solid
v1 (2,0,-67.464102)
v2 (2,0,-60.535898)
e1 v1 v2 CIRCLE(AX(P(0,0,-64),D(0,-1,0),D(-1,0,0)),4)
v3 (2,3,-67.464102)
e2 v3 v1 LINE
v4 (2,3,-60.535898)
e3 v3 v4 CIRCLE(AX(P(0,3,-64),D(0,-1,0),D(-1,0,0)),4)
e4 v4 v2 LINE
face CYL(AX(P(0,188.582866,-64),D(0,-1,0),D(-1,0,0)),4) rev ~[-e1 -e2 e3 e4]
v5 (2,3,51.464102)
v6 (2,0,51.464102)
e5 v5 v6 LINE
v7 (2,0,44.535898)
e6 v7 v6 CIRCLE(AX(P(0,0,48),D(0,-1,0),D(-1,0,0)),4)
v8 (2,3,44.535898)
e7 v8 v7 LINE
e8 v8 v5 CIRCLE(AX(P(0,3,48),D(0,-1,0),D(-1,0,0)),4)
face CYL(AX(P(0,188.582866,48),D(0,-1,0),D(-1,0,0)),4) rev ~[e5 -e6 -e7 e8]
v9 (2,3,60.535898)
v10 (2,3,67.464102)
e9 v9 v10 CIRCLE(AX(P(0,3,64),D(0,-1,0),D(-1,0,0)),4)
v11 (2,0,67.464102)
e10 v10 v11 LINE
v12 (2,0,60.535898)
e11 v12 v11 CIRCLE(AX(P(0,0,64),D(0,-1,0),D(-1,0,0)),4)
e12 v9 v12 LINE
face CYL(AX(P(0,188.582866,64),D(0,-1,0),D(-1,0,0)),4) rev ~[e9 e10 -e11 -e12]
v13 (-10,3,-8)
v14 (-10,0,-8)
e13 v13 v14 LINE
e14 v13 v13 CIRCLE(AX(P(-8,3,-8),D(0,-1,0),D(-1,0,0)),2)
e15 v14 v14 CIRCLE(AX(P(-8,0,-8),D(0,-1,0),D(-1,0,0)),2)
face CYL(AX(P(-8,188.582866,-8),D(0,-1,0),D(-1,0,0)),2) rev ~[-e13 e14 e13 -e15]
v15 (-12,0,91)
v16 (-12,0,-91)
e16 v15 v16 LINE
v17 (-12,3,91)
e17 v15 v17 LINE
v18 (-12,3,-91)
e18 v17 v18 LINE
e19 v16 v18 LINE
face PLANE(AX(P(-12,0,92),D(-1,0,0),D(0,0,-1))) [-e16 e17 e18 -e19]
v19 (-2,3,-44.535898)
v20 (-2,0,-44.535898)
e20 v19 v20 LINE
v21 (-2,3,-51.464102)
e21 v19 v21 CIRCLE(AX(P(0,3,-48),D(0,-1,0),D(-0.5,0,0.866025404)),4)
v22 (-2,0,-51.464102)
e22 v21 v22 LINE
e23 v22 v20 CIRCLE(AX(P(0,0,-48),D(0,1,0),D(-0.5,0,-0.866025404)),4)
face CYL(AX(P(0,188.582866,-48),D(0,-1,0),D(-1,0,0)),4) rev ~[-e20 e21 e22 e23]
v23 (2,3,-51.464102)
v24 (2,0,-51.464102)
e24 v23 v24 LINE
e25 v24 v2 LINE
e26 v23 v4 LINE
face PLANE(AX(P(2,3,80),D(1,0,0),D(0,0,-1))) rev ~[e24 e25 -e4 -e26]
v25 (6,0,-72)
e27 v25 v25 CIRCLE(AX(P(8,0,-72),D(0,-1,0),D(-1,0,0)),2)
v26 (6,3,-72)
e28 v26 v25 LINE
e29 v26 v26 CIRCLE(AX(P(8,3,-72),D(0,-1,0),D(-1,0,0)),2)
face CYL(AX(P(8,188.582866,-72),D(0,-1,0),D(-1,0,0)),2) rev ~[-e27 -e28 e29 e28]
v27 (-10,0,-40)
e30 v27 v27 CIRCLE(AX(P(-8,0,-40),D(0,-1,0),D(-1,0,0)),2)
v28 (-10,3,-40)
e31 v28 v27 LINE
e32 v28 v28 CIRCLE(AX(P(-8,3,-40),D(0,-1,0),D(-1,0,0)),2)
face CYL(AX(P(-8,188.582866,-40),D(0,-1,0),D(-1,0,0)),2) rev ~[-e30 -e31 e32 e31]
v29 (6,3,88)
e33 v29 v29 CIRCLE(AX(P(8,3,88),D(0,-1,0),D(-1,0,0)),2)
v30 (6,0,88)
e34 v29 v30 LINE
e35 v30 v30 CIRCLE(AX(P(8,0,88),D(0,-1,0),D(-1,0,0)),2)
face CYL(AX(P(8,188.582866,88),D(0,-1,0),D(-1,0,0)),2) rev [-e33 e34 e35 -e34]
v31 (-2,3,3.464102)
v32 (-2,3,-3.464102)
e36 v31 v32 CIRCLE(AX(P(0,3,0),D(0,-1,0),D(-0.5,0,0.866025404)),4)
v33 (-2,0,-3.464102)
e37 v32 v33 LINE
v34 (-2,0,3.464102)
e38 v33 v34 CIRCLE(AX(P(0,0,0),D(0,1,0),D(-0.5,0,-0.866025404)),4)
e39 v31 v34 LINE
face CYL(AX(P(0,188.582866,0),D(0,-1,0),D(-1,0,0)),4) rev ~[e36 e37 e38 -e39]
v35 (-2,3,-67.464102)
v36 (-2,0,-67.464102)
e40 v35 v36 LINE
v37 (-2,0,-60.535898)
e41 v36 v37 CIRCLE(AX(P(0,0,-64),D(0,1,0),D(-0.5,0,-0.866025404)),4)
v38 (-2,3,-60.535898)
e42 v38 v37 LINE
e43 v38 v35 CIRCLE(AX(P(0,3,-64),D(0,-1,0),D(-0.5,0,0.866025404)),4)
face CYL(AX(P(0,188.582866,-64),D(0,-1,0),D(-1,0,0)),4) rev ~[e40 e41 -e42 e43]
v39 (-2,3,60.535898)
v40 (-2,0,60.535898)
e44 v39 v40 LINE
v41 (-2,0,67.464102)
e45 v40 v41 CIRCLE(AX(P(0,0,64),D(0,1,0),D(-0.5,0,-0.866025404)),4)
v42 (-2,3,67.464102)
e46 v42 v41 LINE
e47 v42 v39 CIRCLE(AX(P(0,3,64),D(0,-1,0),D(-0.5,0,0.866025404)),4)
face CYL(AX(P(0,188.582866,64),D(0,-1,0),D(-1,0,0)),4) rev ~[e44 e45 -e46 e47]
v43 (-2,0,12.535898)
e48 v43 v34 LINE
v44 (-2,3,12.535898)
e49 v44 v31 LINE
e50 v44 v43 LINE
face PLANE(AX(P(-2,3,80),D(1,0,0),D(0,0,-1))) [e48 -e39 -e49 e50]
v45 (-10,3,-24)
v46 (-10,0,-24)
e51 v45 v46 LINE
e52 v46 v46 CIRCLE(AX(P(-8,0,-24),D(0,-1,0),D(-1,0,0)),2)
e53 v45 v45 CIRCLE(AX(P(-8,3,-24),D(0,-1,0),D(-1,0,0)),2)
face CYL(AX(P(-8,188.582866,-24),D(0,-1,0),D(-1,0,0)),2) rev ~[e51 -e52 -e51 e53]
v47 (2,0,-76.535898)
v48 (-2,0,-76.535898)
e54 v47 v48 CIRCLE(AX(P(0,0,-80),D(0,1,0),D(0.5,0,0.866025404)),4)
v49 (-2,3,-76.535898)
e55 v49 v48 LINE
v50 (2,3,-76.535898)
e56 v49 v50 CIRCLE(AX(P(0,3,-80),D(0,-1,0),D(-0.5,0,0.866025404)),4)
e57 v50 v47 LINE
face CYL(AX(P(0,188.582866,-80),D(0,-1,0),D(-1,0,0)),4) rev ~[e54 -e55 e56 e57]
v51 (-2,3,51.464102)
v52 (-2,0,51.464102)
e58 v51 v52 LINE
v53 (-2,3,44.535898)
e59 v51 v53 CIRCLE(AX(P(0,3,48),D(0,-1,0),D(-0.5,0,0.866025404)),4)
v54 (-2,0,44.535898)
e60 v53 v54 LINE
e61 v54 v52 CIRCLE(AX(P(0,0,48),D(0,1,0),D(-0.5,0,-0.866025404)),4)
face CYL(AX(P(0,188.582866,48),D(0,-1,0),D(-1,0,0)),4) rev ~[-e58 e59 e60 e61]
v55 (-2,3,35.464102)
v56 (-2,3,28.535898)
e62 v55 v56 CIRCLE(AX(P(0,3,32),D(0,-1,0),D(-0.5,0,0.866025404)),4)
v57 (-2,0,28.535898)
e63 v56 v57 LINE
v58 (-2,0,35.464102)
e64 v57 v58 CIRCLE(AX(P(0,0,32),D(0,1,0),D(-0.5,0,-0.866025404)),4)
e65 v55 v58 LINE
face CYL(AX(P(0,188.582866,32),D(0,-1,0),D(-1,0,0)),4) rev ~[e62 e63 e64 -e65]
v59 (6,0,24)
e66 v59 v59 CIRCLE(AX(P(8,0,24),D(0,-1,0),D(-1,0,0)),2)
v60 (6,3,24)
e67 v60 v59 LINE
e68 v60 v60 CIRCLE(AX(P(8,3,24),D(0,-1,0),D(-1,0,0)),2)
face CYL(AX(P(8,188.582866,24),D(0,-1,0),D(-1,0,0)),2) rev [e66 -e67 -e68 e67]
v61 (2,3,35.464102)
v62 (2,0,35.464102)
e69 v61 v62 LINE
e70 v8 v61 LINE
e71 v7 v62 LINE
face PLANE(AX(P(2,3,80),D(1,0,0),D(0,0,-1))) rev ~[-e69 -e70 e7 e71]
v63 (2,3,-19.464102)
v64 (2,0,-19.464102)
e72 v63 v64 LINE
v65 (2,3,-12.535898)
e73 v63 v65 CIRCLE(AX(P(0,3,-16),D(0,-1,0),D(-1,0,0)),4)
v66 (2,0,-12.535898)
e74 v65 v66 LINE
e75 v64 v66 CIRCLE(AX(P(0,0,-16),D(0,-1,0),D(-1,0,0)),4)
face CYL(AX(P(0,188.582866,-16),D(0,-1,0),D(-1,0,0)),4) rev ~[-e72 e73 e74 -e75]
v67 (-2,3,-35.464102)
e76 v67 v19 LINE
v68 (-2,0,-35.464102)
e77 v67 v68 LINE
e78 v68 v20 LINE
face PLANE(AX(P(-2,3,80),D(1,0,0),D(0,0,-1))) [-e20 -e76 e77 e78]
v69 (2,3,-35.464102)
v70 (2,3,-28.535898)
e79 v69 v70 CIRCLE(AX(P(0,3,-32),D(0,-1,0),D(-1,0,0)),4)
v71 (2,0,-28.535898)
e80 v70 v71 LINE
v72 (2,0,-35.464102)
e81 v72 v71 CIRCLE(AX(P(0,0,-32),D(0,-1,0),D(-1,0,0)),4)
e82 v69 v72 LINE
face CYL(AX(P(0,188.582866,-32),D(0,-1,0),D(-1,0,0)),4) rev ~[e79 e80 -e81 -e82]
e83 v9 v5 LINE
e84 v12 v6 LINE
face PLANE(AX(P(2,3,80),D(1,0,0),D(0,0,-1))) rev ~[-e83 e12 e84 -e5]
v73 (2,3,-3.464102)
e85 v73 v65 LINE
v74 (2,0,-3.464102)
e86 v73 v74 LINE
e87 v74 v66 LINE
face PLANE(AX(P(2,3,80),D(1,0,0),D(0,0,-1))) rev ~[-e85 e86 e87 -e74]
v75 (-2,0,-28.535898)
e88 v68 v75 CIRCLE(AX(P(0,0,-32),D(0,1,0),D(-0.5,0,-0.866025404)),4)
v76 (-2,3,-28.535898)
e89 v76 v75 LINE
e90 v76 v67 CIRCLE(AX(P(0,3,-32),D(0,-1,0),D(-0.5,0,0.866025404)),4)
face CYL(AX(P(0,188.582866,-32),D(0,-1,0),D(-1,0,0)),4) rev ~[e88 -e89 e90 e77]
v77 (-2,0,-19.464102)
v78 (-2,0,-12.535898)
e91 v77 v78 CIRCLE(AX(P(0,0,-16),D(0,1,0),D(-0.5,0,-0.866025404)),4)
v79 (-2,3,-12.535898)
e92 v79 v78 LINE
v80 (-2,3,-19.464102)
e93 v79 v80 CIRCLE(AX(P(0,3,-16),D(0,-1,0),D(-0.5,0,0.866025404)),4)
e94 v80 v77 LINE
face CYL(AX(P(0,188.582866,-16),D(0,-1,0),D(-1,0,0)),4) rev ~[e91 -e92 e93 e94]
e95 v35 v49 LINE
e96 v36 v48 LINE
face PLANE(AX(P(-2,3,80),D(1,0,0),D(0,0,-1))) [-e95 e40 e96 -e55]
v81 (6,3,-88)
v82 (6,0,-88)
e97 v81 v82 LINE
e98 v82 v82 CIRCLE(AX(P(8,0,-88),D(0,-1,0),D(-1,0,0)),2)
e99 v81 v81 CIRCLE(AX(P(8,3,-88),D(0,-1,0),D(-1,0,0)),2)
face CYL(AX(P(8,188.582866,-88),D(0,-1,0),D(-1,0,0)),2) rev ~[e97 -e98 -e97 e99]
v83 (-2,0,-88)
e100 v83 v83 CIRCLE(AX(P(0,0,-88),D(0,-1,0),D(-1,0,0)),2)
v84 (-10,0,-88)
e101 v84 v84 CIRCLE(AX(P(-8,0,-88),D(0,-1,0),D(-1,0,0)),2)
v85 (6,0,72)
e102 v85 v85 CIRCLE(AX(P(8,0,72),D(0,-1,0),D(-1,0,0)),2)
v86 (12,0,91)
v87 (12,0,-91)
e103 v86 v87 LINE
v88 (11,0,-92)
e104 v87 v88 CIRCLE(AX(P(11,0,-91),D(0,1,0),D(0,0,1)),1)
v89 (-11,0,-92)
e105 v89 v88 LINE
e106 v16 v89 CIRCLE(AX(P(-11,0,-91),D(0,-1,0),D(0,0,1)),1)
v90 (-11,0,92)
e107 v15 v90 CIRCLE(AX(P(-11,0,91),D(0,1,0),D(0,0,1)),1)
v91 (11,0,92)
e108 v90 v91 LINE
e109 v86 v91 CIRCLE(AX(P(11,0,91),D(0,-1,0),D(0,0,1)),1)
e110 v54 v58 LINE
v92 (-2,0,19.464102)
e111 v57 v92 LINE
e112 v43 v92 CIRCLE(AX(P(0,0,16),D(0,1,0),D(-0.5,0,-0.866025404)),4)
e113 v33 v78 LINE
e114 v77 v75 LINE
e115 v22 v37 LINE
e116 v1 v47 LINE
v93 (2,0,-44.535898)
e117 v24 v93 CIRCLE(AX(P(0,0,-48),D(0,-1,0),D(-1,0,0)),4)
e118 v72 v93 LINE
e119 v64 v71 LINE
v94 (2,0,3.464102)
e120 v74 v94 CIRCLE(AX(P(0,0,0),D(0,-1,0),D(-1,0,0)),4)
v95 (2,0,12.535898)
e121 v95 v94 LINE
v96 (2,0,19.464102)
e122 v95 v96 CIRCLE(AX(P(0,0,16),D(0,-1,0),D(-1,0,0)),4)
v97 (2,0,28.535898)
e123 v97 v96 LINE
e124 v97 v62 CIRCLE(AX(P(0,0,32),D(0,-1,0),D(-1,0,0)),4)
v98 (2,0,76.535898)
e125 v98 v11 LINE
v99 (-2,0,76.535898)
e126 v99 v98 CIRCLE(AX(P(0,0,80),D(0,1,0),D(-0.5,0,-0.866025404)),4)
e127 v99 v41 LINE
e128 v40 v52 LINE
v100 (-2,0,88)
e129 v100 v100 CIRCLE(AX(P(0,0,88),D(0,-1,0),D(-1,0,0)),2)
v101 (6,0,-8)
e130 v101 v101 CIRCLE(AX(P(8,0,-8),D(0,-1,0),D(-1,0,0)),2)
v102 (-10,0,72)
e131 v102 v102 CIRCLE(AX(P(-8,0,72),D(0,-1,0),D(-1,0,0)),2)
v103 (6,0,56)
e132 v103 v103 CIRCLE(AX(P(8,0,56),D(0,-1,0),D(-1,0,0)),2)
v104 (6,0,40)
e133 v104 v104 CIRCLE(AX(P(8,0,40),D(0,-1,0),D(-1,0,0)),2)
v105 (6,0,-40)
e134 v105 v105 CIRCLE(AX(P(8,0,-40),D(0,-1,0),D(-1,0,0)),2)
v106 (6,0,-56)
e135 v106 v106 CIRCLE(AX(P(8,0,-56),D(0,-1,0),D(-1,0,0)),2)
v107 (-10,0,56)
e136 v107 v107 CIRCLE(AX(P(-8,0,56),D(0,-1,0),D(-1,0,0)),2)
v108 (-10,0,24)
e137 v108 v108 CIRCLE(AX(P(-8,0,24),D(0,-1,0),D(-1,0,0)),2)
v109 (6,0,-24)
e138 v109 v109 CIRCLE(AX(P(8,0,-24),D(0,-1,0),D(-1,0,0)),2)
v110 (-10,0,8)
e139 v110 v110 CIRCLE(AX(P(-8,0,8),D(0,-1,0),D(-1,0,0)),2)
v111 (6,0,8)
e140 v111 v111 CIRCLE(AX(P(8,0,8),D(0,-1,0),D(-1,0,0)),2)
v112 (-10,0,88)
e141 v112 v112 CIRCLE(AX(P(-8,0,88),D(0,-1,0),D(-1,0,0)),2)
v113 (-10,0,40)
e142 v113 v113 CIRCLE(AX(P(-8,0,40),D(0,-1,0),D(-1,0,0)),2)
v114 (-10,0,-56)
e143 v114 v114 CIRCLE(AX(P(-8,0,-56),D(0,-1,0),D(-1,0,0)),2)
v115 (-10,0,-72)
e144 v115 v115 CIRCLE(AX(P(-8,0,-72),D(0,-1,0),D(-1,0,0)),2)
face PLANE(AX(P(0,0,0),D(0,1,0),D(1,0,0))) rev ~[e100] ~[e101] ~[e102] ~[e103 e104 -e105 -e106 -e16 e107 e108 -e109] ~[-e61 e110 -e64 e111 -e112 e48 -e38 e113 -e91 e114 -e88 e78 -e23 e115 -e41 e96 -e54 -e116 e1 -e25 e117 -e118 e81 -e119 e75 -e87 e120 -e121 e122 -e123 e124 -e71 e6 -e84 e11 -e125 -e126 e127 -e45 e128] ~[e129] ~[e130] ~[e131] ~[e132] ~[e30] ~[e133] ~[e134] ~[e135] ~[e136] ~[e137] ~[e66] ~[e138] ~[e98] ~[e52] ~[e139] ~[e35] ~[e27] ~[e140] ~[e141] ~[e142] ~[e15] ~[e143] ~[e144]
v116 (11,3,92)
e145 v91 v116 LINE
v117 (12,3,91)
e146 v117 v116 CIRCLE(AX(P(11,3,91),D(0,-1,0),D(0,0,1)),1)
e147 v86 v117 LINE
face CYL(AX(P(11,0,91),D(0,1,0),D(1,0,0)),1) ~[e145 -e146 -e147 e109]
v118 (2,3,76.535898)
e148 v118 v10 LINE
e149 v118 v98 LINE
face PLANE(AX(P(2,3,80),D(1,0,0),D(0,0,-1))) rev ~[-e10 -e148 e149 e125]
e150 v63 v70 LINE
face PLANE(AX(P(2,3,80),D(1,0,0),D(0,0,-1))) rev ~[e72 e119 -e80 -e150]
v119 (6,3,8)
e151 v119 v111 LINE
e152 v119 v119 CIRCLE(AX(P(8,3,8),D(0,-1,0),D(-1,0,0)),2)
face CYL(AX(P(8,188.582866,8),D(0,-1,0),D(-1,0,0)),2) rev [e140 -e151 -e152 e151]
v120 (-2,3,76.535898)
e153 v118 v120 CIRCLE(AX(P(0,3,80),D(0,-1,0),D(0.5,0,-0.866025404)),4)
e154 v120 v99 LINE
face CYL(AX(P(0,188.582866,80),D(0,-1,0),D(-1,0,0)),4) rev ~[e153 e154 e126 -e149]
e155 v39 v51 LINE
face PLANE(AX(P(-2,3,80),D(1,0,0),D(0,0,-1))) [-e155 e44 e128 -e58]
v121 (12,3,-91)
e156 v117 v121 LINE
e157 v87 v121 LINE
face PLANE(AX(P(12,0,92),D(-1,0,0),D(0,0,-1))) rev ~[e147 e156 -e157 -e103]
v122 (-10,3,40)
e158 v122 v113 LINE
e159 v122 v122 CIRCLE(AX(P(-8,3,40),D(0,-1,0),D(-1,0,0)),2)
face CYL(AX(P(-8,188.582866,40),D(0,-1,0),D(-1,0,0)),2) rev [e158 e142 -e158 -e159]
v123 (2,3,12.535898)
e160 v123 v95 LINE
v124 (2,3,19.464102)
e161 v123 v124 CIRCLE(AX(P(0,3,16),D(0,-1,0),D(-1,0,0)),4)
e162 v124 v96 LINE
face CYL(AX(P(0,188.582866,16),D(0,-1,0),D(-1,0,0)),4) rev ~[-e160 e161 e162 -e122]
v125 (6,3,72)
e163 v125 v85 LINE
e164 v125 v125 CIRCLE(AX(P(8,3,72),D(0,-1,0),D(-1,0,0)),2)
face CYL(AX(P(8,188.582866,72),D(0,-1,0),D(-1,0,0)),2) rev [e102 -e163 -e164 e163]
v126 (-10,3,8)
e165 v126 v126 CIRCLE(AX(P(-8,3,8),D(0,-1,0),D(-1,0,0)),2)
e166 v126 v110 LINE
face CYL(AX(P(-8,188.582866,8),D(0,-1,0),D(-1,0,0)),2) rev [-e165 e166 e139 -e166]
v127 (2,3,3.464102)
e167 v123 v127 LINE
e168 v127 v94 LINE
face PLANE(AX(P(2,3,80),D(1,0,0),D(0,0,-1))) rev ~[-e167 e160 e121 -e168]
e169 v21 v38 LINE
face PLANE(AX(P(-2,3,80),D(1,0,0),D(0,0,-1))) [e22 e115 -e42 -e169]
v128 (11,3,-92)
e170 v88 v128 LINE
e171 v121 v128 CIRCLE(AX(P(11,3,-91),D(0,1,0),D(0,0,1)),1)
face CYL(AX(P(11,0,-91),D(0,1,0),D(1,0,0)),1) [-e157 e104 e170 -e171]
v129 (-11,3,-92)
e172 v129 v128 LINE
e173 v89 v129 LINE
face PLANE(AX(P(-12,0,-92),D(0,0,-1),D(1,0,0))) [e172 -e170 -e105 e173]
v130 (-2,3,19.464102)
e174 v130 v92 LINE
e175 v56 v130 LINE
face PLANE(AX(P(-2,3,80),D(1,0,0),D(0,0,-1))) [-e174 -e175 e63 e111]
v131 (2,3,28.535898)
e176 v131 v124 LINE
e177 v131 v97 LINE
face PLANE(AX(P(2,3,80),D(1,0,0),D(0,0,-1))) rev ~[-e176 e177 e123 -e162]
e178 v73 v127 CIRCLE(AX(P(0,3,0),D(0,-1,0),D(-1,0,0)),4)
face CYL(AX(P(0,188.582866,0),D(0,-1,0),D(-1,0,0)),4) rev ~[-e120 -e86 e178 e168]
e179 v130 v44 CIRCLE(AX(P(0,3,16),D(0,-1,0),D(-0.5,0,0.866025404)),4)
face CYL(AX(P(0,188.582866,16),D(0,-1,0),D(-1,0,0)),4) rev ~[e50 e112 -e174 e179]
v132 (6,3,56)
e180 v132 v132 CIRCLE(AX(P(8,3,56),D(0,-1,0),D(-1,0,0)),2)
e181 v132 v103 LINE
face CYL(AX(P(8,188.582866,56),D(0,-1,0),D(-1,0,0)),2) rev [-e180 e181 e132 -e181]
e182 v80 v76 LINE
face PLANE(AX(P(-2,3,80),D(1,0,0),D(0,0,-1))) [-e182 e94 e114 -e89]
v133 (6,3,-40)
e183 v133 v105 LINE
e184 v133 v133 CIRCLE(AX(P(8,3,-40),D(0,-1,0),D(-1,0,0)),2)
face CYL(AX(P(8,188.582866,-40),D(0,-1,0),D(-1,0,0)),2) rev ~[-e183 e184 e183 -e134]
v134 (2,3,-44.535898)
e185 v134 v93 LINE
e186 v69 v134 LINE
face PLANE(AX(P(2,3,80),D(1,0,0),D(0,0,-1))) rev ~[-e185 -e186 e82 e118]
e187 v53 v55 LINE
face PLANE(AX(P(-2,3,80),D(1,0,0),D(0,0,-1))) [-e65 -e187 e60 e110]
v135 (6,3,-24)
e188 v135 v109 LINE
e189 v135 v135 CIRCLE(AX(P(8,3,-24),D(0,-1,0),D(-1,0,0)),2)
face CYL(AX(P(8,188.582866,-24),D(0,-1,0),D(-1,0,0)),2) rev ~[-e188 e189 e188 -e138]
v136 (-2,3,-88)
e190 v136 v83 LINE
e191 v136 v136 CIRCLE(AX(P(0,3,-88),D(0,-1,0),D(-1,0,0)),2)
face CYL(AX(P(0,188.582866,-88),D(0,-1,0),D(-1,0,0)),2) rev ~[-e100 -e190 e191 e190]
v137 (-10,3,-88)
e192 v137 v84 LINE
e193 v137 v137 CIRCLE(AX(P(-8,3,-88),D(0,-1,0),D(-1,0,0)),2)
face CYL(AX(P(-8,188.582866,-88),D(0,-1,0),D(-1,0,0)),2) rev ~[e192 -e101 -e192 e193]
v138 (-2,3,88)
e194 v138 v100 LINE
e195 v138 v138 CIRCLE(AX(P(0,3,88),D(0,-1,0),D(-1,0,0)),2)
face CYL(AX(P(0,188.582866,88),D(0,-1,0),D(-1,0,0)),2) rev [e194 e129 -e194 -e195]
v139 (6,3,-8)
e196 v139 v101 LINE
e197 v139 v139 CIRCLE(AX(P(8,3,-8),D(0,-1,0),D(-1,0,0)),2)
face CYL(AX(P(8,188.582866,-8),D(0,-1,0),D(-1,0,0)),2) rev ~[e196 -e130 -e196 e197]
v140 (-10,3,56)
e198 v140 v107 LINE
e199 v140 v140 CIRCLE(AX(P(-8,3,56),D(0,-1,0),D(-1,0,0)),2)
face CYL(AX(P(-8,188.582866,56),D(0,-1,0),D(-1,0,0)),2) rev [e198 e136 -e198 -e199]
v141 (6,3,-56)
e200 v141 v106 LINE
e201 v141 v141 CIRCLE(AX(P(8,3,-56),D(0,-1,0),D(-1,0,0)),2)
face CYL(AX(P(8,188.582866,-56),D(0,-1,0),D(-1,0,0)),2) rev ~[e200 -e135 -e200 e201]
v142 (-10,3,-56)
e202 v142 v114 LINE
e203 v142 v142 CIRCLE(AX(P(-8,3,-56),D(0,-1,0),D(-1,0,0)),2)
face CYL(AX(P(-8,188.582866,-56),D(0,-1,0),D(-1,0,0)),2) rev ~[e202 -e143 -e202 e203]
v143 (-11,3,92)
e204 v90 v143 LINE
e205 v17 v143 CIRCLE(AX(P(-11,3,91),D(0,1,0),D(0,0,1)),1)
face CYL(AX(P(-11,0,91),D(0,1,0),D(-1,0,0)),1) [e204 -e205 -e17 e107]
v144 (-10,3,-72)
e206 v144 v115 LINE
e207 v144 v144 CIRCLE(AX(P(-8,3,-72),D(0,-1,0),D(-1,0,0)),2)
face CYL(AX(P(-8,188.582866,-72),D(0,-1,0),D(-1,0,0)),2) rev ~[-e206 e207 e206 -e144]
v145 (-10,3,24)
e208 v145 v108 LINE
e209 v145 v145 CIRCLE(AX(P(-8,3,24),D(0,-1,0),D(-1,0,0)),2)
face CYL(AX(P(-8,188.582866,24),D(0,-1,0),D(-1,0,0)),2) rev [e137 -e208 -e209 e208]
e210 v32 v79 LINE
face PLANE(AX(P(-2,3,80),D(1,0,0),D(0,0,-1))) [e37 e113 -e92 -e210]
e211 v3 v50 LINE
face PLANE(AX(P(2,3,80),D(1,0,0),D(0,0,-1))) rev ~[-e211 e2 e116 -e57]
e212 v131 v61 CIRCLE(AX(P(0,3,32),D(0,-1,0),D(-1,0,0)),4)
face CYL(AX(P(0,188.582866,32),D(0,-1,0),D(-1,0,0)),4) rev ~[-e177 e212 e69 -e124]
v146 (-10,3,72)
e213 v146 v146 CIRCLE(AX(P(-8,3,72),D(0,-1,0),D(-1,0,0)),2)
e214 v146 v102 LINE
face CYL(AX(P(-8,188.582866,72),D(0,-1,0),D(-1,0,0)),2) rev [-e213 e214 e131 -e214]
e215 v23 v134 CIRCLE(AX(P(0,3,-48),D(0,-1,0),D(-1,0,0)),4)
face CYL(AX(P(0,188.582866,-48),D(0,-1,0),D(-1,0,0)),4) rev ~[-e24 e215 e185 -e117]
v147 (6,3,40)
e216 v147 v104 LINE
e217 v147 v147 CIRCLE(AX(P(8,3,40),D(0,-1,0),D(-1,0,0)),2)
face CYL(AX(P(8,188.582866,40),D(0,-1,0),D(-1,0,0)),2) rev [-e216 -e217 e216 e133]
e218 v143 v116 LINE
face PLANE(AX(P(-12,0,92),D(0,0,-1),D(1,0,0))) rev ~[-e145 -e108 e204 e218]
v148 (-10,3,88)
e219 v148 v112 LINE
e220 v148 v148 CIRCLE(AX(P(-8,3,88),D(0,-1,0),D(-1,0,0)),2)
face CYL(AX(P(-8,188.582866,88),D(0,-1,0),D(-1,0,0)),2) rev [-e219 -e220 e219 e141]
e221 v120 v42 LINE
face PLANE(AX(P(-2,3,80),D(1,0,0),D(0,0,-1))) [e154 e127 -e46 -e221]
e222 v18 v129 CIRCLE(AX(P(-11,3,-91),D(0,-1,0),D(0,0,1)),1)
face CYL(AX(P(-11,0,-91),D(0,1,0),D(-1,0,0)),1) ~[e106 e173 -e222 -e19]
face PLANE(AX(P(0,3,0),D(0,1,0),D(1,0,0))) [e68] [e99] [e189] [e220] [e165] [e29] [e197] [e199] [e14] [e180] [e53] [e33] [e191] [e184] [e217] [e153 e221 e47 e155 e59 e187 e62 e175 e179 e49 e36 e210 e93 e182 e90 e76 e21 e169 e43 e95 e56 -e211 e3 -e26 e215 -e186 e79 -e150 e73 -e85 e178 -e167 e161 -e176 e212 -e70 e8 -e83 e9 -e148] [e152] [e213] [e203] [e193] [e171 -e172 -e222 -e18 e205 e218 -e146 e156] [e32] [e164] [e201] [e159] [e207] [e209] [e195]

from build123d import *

# Parameters (mm, degrees)
SKETCH1_W                = 24
SKETCH1_H                = 184
BOSS_EXTRUDE1_DEPTH      = 3
F_4_0_4_DIAMETER_HOLE1_D = 4
F_8_0_8_DIAMETER_HOLE1_D = 8
LPATTERN1_COUNT          = 11
LPATTERN1_PITCH          = 16
SKETCH9_W                = 4
SKETCH9_H                = 160
CUT_EXTRUDE1_DEPTH       = 3
FILLET1_R                = 1


with BuildPart() as part:
    # Sketch1 → Boss-Extrude1 (new body)
    with BuildSketch(Plane(origin=(0, 0, 0), x_dir=(1, 0, 0), z_dir=(0, 1, 0))):
        Rectangle(SKETCH1_W, SKETCH1_H)
    extrude(amount=BOSS_EXTRUDE1_DEPTH)

    # Ø4.0 (4) Diameter Hole1 (through all)
    with Locations(Plane(origin=(0, 3, 0), x_dir=(1, 0, 0), z_dir=(0, 1, 0))):
        with Locations((-8, 88), (0, 88), (8, 88), (-8, 72), (-8, 56), (8, 56), (8, 72), (-8, 40), (8, 40), (-8, 24), (-8, 8), (8, 8), (8, 24)):
            f_4_0_4_diameter_hole1 = Hole(F_4_0_4_DIAMETER_HOLE1_D / 2)

    # Mirror1: Ø4.0 (4) Diameter Hole1 across plane
    add(f_4_0_4_diameter_hole1.mirror(Plane.XY), mode=Mode.SUBTRACT)

    # Ø8.0 (8) Diameter Hole1 (through all)
    with Locations(Plane(origin=(0, 3, 0), x_dir=(1, 0, 0), z_dir=(0, 1, 0))):
        with Locations((0, 80)):
            f_8_0_8_diameter_hole1 = Hole(F_8_0_8_DIAMETER_HOLE1_D / 2)

    # LPattern1: Ø8.0 (8) Diameter Hole1 ×11
    with Locations(*[(0, 0, i * LPATTERN1_PITCH) for i in range(1, LPATTERN1_COUNT)]):
        add(f_8_0_8_diameter_hole1, mode=Mode.SUBTRACT)

    # Sketch9 → Cut-Extrude1 (cut)
    with BuildSketch(Plane(origin=(0, 3, 0), x_dir=(1, 0, 0), z_dir=(0, 1, 0))):
        Rectangle(SKETCH9_W, SKETCH9_H)
    extrude(amount=-CUT_EXTRUDE1_DEPTH, mode=Mode.SUBTRACT)

    # Fillet1
    fillet1_edges = [part.edges().sort_by_distance(p)[0] for p in [
        (-12, 1.5, -92),
        (12, 1.5, -92),
        (12, 1.5, 92),
        (-12, 1.5, 92),
    ]]
    fillet(fillet1_edges, radius=FILLET1_R)


solid = part.part
